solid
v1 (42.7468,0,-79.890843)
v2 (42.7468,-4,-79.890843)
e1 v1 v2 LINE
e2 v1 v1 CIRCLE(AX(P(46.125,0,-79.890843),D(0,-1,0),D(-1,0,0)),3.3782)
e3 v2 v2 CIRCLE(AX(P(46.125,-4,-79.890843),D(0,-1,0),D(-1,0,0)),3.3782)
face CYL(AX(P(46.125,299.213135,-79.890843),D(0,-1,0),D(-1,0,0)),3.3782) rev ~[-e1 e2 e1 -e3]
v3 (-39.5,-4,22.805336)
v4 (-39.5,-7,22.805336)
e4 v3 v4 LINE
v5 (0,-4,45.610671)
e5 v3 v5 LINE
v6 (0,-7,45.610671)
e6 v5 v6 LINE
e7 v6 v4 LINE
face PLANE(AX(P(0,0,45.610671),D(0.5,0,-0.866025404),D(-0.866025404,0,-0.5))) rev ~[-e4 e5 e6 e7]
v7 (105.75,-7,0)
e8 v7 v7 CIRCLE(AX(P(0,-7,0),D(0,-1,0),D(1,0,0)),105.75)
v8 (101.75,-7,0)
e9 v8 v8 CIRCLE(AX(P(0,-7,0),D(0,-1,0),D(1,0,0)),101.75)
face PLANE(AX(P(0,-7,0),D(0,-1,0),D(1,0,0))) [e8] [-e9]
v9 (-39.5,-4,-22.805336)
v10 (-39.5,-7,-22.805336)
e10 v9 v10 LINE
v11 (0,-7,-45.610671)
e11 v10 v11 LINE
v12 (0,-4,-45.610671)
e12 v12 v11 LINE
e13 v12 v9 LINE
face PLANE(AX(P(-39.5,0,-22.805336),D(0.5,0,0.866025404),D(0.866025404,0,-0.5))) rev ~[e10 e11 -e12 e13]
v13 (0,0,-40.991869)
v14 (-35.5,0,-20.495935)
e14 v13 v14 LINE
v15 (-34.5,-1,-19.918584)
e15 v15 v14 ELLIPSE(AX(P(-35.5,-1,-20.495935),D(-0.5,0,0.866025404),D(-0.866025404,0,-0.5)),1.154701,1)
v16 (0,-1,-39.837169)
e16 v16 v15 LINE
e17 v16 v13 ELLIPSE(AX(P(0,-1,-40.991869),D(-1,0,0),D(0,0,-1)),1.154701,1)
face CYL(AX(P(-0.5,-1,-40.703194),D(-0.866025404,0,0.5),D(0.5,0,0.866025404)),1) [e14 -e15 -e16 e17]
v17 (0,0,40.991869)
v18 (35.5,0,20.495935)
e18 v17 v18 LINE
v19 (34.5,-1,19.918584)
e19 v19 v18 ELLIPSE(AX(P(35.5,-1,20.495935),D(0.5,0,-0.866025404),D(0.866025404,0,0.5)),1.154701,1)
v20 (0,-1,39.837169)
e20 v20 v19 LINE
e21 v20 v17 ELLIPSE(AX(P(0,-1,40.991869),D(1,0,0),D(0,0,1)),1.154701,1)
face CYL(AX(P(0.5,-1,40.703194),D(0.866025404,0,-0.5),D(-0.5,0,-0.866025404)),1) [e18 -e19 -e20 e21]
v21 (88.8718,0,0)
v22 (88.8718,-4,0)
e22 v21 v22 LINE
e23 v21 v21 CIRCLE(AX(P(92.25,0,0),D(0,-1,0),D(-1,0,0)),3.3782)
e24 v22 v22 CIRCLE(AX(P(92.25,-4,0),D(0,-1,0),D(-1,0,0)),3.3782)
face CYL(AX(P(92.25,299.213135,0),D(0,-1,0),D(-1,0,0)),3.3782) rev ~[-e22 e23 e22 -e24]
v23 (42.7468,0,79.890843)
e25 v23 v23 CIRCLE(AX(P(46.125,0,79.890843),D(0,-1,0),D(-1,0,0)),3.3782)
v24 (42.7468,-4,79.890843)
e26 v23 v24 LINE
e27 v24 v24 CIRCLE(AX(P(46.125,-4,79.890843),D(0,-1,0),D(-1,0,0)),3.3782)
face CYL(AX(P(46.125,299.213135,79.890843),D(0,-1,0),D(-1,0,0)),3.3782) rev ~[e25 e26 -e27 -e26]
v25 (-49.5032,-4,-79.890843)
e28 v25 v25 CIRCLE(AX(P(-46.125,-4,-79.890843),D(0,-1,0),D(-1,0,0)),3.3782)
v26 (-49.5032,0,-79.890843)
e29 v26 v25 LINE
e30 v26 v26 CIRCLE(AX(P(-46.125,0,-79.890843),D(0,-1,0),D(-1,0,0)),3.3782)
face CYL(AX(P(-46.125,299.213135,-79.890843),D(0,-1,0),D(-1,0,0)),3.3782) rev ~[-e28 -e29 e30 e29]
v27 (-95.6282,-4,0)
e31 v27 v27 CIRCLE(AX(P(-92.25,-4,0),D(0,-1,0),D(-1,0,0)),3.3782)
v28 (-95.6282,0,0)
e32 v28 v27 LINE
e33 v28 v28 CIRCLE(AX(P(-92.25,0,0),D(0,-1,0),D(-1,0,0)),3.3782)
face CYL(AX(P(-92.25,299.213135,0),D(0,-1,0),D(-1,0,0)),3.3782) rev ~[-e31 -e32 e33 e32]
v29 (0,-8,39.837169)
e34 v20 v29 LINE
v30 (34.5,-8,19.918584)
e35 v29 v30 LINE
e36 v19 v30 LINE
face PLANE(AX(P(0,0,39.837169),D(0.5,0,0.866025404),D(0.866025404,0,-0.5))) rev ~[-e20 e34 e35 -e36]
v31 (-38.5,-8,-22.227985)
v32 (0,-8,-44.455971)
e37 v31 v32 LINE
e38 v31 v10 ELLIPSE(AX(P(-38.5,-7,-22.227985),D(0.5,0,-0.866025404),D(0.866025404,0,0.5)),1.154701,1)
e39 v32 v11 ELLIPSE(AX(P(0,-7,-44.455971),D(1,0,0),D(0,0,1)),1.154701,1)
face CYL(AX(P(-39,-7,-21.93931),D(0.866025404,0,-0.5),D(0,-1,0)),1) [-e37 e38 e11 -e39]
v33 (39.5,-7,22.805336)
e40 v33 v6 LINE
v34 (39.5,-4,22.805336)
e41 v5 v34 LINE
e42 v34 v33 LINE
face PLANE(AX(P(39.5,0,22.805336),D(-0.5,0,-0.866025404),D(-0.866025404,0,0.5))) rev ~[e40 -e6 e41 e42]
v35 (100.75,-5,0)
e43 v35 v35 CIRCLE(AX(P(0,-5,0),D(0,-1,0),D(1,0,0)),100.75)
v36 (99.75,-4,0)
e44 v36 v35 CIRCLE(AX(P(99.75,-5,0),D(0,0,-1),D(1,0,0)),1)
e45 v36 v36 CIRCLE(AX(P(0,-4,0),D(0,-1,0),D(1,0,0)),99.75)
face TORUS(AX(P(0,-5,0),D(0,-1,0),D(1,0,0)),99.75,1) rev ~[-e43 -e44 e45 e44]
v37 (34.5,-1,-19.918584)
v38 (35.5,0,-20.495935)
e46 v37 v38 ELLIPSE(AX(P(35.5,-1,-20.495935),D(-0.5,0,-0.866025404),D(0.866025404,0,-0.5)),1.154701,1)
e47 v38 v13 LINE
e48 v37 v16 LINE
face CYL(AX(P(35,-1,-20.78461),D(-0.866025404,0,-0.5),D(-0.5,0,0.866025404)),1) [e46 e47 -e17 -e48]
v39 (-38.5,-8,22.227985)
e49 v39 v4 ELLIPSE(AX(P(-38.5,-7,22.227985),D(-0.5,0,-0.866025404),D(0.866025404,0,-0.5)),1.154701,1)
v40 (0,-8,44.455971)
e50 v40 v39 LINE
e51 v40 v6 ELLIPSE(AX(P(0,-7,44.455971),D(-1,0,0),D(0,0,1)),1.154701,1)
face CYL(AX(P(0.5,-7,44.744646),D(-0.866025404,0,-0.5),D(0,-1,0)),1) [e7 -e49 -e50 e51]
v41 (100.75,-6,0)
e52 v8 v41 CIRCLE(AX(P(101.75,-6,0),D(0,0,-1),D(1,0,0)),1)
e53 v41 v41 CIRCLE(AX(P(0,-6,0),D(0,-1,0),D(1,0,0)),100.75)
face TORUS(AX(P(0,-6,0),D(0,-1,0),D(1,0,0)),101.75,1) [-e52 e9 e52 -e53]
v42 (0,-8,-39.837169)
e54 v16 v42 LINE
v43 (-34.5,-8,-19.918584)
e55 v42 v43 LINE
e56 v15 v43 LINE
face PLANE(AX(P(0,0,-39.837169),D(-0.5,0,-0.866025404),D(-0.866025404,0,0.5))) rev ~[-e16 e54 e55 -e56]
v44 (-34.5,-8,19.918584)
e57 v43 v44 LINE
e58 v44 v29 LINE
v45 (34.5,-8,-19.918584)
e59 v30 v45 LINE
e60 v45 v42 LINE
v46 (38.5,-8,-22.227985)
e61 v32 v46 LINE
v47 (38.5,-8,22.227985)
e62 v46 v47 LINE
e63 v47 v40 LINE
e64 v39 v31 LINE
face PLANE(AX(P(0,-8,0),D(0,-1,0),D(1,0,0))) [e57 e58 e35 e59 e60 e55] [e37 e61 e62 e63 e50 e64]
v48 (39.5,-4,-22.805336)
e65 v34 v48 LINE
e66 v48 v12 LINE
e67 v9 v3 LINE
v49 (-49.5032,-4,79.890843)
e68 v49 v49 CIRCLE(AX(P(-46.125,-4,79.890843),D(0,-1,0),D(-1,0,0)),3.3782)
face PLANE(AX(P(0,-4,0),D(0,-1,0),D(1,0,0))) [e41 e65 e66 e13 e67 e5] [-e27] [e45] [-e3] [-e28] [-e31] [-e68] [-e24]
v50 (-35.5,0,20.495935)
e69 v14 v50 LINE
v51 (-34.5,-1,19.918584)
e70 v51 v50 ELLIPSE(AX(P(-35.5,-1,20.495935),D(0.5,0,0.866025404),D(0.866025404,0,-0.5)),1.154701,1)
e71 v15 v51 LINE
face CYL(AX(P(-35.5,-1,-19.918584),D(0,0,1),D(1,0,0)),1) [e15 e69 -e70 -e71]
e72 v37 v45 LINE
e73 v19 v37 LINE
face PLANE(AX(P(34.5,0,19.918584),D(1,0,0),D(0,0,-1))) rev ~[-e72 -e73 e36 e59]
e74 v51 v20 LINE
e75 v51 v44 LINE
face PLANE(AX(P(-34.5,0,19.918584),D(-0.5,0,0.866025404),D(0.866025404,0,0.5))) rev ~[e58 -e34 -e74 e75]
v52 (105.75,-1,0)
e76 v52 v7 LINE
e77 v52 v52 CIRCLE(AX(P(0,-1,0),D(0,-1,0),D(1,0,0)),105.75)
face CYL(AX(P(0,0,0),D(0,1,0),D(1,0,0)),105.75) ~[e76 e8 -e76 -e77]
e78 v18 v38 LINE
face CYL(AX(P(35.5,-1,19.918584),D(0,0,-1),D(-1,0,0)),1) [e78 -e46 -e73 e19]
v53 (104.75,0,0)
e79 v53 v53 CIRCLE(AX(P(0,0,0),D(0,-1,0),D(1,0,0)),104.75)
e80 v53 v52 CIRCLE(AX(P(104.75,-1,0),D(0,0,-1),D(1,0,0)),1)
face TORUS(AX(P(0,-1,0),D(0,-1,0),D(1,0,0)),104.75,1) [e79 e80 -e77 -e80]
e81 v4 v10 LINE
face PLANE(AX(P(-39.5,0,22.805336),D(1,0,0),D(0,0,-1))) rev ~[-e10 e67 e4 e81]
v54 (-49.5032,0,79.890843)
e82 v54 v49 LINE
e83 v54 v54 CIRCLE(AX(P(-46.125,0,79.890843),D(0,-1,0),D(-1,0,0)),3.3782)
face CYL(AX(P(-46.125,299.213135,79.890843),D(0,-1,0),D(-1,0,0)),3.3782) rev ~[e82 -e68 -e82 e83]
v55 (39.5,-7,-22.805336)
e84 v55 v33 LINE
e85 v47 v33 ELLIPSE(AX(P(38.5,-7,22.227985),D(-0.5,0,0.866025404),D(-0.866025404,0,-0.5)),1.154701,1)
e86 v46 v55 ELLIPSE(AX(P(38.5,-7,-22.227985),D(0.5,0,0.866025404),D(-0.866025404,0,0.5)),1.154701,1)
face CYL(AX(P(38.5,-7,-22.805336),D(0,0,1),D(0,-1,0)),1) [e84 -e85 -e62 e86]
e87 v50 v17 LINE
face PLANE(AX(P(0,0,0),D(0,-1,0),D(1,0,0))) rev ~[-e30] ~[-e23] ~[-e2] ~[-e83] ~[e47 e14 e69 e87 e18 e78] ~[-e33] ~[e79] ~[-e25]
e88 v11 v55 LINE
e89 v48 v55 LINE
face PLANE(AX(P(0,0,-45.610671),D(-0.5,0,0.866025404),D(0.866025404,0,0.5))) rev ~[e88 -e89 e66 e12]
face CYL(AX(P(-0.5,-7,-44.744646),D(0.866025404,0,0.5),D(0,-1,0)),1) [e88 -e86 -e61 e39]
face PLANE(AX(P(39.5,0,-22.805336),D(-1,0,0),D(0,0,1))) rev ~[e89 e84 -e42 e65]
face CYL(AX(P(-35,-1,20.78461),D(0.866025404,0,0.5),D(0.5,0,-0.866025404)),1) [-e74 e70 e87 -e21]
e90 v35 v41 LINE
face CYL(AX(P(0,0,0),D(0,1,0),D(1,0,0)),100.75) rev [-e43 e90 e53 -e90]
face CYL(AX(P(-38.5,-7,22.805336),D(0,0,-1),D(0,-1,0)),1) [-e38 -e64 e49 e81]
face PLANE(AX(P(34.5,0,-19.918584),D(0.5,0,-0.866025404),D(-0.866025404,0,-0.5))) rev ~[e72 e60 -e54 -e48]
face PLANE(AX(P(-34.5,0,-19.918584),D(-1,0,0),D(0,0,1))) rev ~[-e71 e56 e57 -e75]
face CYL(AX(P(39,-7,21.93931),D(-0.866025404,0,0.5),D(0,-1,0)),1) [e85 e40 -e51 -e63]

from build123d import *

# Parameters (mm, degrees)
F0_R     = 100.75
F1_DEPTH = 4
F2_DEPTH = 4
F3_DEPTH = 8
F0_R_2   = 105.75
F4_DEPTH = 7
F6_R     = 1
F7_R     = 1
F8_D     = 6.7564
F9_R     = 1


with BuildPart() as f1:
    # F0 (on Front) → F1 (new body)
    with BuildSketch(Plane.XZ):
        Circle(F0_R)
        Polygon((80.5, 46.4766966698), (80.5, -46.4766966698), (0, -92.9533933395), (-80.5, -46.4766966698), (-80.5, 46.4766966698), (0, 92.9533933395), align=None, mode=Mode.SUBTRACT)
    extrude(amount=F1_DEPTH)

    # F0 (on Front) → F4 (join)
    with BuildSketch(Plane.XZ):
        Circle(F0_R_2)
        Circle(F0_R, mode=Mode.SUBTRACT)
    extrude(amount=F4_DEPTH)


with BuildPart() as f1b:
    # F0 (on Front) → F1, piece 2 (new body)
    with BuildSketch(Plane.XZ):
        Polygon((77.5, -44.7446458622), (77.5, 44.7446458622), (0, 89.4892917244), (-77.5, 44.7446458622), (-77.5, -44.7446458622), (0, -89.4892917244), align=None)
        Polygon((39.5, 22.805335633), (39.5, -22.805335633), (0, -45.610671266), (-39.5, -22.805335633), (-39.5, 22.805335633), (0, 45.610671266), align=None, mode=Mode.SUBTRACT)
    extrude(amount=F1_DEPTH)

    # F0 (on Front) → F3 (join)
    with BuildSketch(Plane.XZ):
        Polygon((0, -45.610671266), (39.5, -22.805335633), (39.5, 22.805335633), (0, 45.610671266), (-39.5, 22.805335633), (-39.5, -22.805335633), align=None)
        Polygon((34.5, 19.918584287), (34.5, -19.918584287), (0, -39.8371685741), (-34.5, -19.918584287), (-34.5, 19.918584287), (0, 39.8371685741), align=None, mode=Mode.SUBTRACT)
    extrude(amount=F3_DEPTH)


with BuildPart() as f2:
    # F0 (on Front) → F2 (new body)
    with BuildSketch(Plane.XZ):
        Polygon((0, -92.9533933395), (80.5, -46.4766966698), (80.5, 46.4766966698), (0, 92.9533933395), (-80.5, 46.4766966698), (-80.5, -46.4766966698), align=None)
        Polygon((0, 89.4892917244), (77.5, 44.7446458622), (77.5, -44.7446458622), (0, -89.4892917244), (-77.5, -44.7446458622), (-77.5, 44.7446458622), align=None, mode=Mode.SUBTRACT)
    extrude(amount=F2_DEPTH)


with BuildPart() as f1_1:
    add(f1.part)

    # F5: union F1b, F2
    add(f1b.part)
    add(f2.part)

    # F6
    f6_edges = [f1_1.edges().sort_by_distance(p)[0] for p in [
        (19.75, -8, 34.208003),
        (39.5, -8, 0),
        (19.75, -8, -34.208003),
        (-19.75, -8, -34.208003),
        (-39.5, -8, 0),
        (-19.75, -8, 34.208003),
    ]]
    fillet(f6_edges, radius=F6_R)

    # F7
    f7_edges = [f1_1.edges().sort_by_distance(p)[0] for p in [
        (-100.75, -4, 0),
        (-105.75, 0, 0),
        (-17.25, 0, 29.877876),
        (17.25, 0, 29.877876),
        (34.5, 0, 0),
        (17.25, 0, -29.877876),
        (-17.25, 0, -29.877876),
        (-34.5, 0, 0),
    ]]
    fillet(f7_edges, radius=F7_R)

    # F8 (through all)
    with Locations(Plane(origin=(0, 0, 0), x_dir=(1, 0, 0), z_dir=(0, 1, 0))):
        with Locations((-46.125, -79.8908434991), (46.125, -79.8908434991), (92.25, 0), (46.125, 79.8908434991), (-46.125, 79.8908434991), (-92.25, 0)):
            Hole(F8_D / 2)

    # F9
    f9_edges = [f1_1.edges().sort_by_distance(p)[0] for p in [
        (-100.75, -7, 0),
    ]]
    fillet(f9_edges, radius=F9_R)


solid = f1_1.part
